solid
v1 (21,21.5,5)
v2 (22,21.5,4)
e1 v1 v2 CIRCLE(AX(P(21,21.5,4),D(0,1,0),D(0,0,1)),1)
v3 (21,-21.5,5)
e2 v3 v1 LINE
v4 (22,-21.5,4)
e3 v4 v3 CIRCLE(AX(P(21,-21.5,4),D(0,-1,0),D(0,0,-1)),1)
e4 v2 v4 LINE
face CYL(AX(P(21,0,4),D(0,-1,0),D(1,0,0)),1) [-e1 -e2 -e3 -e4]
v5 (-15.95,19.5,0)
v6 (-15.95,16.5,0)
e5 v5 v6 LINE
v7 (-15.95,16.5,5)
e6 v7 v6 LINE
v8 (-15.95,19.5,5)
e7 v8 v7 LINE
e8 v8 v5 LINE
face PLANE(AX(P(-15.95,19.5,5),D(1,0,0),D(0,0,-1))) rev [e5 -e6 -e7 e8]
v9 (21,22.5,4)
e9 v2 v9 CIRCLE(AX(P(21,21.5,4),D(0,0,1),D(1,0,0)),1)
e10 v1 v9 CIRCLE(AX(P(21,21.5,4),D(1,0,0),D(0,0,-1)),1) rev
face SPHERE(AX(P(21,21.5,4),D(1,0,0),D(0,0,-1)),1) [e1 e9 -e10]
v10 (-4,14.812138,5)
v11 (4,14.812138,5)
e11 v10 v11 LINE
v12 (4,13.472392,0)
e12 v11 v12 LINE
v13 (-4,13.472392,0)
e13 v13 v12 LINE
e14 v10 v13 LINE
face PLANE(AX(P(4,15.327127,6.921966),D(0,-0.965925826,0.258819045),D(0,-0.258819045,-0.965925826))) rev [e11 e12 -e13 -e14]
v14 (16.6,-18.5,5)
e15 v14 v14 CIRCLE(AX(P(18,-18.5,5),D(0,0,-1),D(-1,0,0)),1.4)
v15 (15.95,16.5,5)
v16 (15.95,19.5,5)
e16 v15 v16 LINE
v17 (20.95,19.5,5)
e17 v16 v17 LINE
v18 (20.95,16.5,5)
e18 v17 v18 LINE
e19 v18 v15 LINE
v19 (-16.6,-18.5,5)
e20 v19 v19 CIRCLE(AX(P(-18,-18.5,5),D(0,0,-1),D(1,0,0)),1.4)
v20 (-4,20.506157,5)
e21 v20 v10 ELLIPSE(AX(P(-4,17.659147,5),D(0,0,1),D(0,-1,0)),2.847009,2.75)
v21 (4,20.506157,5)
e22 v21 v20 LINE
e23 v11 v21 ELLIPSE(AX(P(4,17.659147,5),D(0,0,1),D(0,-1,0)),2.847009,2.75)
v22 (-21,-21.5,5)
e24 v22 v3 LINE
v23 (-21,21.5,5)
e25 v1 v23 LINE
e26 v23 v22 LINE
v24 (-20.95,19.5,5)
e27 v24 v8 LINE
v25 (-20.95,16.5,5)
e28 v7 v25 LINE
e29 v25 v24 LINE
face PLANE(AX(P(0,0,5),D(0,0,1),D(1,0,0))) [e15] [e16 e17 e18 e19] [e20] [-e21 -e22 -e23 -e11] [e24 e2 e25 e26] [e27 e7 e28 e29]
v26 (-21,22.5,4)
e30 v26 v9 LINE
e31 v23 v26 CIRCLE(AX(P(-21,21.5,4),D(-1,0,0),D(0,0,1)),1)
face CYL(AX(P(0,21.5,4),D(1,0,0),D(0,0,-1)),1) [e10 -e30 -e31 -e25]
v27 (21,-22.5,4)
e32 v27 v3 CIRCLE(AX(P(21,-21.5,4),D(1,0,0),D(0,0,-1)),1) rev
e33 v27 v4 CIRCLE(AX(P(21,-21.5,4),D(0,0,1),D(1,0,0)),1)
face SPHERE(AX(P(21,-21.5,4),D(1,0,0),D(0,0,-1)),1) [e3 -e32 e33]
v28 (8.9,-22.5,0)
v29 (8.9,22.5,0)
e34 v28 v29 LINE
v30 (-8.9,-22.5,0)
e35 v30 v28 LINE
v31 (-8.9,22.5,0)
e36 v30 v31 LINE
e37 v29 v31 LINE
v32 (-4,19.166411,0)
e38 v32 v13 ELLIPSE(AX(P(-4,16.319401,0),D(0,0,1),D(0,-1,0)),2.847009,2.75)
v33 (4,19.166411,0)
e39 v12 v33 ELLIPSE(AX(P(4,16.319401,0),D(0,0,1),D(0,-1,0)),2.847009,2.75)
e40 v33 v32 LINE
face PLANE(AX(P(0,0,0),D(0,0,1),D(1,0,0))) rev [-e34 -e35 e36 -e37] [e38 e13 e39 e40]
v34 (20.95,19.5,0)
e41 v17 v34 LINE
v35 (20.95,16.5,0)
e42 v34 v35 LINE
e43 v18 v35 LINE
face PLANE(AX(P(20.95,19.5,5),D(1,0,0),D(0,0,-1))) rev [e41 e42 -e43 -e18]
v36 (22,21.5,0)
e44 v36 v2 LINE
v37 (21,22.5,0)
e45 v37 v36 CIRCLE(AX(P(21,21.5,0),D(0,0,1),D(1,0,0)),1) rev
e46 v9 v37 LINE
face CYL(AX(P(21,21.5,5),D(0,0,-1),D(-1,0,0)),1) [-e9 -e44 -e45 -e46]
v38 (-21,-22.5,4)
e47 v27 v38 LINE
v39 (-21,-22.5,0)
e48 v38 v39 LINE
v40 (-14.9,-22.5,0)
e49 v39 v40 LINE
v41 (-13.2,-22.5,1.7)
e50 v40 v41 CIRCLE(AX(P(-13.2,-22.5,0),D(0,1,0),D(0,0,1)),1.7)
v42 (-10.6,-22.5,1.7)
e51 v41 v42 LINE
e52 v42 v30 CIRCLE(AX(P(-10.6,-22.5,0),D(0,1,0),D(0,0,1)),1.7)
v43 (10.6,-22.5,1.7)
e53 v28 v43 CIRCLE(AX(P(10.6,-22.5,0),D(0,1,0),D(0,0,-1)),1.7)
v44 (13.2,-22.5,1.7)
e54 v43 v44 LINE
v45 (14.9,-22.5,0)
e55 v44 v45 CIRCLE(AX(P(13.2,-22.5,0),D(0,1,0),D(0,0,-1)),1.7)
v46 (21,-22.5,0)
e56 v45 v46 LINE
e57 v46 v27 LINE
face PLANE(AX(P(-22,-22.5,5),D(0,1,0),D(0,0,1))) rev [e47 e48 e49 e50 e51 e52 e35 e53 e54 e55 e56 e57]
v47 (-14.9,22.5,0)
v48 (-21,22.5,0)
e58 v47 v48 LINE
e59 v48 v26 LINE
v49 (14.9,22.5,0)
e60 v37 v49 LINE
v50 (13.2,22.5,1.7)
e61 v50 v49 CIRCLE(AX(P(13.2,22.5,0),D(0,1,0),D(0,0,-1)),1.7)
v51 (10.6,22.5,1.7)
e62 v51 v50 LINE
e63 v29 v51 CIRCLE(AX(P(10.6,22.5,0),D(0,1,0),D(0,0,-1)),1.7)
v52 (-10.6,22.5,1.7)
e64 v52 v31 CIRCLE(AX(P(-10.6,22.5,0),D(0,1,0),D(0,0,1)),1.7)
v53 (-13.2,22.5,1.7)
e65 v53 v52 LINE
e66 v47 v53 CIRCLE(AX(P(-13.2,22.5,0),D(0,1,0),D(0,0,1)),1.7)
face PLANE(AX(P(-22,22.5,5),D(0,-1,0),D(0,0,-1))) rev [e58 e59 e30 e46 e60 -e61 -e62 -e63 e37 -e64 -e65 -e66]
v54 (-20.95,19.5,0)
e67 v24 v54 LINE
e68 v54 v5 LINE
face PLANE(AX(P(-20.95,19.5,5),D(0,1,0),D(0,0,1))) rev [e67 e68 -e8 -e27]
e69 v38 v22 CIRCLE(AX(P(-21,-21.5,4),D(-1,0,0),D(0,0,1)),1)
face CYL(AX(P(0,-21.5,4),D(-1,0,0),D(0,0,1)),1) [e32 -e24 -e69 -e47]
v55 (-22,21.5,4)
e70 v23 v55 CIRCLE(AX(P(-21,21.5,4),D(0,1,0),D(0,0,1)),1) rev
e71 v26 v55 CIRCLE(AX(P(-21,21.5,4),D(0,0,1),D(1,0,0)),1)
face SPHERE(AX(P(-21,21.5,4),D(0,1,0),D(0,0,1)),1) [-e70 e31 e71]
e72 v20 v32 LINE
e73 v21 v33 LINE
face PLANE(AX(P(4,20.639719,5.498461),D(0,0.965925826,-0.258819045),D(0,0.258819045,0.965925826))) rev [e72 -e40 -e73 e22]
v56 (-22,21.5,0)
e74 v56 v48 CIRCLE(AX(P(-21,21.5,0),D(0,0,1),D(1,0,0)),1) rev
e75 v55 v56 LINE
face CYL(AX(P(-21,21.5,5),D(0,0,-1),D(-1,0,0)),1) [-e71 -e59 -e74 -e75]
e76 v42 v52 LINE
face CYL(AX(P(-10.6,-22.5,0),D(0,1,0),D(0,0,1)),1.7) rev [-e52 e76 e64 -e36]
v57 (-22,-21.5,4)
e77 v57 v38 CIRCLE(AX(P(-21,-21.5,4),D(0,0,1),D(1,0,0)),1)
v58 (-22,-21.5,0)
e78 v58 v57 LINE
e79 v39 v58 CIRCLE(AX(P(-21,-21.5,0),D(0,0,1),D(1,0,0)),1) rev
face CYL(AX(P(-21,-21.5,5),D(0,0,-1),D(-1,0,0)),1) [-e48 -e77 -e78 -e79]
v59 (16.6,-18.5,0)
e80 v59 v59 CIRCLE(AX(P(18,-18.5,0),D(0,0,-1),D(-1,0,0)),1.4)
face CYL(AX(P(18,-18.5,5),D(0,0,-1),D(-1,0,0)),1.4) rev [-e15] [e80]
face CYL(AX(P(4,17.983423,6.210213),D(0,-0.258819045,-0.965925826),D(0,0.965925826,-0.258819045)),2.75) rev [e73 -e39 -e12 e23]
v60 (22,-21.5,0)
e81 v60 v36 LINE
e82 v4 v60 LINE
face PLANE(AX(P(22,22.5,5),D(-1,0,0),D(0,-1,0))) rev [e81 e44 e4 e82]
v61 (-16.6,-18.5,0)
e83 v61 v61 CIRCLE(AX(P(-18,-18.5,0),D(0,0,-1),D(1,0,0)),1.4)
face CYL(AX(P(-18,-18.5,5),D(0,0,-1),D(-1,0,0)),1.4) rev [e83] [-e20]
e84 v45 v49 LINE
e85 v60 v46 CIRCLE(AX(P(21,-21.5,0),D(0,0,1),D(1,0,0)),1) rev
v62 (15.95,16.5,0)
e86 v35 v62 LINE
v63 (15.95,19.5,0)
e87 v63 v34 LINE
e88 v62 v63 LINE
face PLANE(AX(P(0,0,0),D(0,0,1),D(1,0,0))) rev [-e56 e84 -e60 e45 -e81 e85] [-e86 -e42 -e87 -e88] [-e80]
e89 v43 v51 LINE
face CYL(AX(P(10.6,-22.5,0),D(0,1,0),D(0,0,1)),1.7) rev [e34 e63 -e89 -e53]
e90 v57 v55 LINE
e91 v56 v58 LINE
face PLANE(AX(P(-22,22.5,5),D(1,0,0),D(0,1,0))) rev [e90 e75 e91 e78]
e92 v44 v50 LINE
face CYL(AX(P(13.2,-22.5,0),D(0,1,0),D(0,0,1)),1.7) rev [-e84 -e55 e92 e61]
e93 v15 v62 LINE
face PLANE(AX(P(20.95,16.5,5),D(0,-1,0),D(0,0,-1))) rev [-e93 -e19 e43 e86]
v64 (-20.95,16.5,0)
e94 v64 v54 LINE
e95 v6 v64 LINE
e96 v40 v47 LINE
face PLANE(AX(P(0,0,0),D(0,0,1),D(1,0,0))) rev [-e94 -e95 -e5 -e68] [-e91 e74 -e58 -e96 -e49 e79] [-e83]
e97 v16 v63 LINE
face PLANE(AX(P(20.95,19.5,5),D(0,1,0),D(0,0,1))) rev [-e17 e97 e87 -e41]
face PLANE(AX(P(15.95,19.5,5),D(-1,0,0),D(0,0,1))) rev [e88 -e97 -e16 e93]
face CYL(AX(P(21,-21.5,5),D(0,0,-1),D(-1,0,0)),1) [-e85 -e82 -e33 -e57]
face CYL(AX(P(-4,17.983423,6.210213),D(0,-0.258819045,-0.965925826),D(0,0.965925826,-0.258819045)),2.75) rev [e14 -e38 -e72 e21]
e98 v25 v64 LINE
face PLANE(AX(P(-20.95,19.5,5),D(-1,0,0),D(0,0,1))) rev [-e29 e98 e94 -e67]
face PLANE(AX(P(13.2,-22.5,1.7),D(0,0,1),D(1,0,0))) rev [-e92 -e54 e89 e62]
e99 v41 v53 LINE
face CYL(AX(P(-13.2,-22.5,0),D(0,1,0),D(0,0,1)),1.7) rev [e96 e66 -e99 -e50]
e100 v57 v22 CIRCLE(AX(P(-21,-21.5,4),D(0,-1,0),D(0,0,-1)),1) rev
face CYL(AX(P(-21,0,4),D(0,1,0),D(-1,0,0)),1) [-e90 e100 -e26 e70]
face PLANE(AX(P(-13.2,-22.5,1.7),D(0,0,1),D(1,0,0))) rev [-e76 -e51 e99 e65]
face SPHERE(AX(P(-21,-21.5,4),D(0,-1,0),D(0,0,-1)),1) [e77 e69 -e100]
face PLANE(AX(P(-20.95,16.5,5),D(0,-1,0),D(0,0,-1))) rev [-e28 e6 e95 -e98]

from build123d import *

# Parameters (mm, degrees)
SKETCH1_W                       = 44
SKETCH1_H                       = 45
BASE_DEPTH                      = 5
WIRE_GROOVES_DEPTH              = 51.338851795
SCREW_INSERTION_HOLE_DEPTH      = 33.181634738
SCREW_INSERTION_HOLE_DEPTH_BACK = 33.181634738
SKETCH5_W                       = 5
SKETCH5_H                       = 3
ZIP_TIE_SLOTS_DEPTH             = 32.862987933
SKETCH6_R                       = 1.4
MOUNT_CLAMPING_HOLES_DEPTH      = 32.862987933
EDGE_FILLETS_R                  = 1


with BuildPart() as part:
    # Sketch1 → Base (new body)
    with BuildSketch(Plane.XY):
        Rectangle(SKETCH1_W, SKETCH1_H)
    extrude(amount=BASE_DEPTH)

    # Sketch2 → Wire Grooves (cut, through all)
    with BuildSketch(Plane(origin=(0, 22.5, 0), x_dir=(1, 0, 0), z_dir=(0, 1, 0))):
        with BuildLine():
            Line((-14.9, 0), (-8.9, 0))
            ThreePointArc((-8.9, 0), (-9.397918472, -1.202081528), (-10.6, -1.7))
            Line((-10.6, -1.7), (-13.2, -1.7))
            ThreePointArc((-13.2, -1.7), (-14.402081528, -1.202081528), (-14.9, 0))
        make_face()
        with BuildLine():
            Line((13.2, -1.7), (10.6, -1.7))
            ThreePointArc((10.6, -1.7), (9.397918472, -1.202081528), (8.9, 0))
            Line((8.9, 0), (14.9, 0))
            ThreePointArc((14.9, 0), (14.402081528, -1.202081528), (13.2, -1.7))
        make_face()
    extrude(amount=-WIRE_GROOVES_DEPTH, mode=Mode.SUBTRACT)

    # Sketch3 → Screw Insertion Hole (cut, two sides: drawn at the far end of the back side and taken through both)
    with BuildSketch(Plane(origin=(0, 0.596130014, 4.269237963), x_dir=(-1, 0, 0), z_dir=(0, -0.25881904510252135, -0.9659258262890681)).offset(-SCREW_INSERTION_HOLE_DEPTH_BACK)):
        with BuildLine():
            Line((-4, 19.042473808), (4, 19.042473808))
            ThreePointArc((4, 19.042473808), (6.75, 16.292473808), (4, 13.542473808))
            Line((4, 13.542473808), (-4, 13.542473808))
            ThreePointArc((-4, 13.542473808), (-6.75, 16.292473808), (-4, 19.042473808))
        make_face()
    extrude(amount=SCREW_INSERTION_HOLE_DEPTH + SCREW_INSERTION_HOLE_DEPTH_BACK, mode=Mode.SUBTRACT)

    # Sketch5 → Zip Tie Slots (cut, through all)
    with BuildSketch(Plane(origin=(0, 0, 0), x_dir=(-1, 0, 0), z_dir=(0, 0, -1))):
        with Locations((-18.45, 18)):
            Rectangle(SKETCH5_W, SKETCH5_H)
        with Locations((18.45, 18)):
            Rectangle(SKETCH5_W, SKETCH5_H)
    extrude(amount=-ZIP_TIE_SLOTS_DEPTH, mode=Mode.SUBTRACT)

    # Sketch6 → Mount Clamping Holes (cut, through all)
    with BuildSketch(Plane(origin=(0, 0, 0), x_dir=(-1, 0, 0), z_dir=(0, 0, -1))):
        with Locations((-18, -18.5)):
            Circle(SKETCH6_R)
        with Locations(Location((18, -18.5, 0), (0, 0, 180))):
            Circle(SKETCH6_R)
    extrude(amount=-MOUNT_CLAMPING_HOLES_DEPTH, mode=Mode.SUBTRACT)

    # Edge Fillets
    edge_fillets_edges = [part.edges().sort_by_distance(p)[0] for p in [
        (-22, 0, 5),
        (0, -22.5, 5),
        (22, 0, 5),
        (22, -22.5, 2.5),
        (-22, -22.5, 2.5),
        (-22, 22.5, 2.5),
        (22, 22.5, 2.5),
        (0, 22.5, 5),
    ]]
    fillet(edge_fillets_edges, radius=EDGE_FILLETS_R)


solid = part.part
